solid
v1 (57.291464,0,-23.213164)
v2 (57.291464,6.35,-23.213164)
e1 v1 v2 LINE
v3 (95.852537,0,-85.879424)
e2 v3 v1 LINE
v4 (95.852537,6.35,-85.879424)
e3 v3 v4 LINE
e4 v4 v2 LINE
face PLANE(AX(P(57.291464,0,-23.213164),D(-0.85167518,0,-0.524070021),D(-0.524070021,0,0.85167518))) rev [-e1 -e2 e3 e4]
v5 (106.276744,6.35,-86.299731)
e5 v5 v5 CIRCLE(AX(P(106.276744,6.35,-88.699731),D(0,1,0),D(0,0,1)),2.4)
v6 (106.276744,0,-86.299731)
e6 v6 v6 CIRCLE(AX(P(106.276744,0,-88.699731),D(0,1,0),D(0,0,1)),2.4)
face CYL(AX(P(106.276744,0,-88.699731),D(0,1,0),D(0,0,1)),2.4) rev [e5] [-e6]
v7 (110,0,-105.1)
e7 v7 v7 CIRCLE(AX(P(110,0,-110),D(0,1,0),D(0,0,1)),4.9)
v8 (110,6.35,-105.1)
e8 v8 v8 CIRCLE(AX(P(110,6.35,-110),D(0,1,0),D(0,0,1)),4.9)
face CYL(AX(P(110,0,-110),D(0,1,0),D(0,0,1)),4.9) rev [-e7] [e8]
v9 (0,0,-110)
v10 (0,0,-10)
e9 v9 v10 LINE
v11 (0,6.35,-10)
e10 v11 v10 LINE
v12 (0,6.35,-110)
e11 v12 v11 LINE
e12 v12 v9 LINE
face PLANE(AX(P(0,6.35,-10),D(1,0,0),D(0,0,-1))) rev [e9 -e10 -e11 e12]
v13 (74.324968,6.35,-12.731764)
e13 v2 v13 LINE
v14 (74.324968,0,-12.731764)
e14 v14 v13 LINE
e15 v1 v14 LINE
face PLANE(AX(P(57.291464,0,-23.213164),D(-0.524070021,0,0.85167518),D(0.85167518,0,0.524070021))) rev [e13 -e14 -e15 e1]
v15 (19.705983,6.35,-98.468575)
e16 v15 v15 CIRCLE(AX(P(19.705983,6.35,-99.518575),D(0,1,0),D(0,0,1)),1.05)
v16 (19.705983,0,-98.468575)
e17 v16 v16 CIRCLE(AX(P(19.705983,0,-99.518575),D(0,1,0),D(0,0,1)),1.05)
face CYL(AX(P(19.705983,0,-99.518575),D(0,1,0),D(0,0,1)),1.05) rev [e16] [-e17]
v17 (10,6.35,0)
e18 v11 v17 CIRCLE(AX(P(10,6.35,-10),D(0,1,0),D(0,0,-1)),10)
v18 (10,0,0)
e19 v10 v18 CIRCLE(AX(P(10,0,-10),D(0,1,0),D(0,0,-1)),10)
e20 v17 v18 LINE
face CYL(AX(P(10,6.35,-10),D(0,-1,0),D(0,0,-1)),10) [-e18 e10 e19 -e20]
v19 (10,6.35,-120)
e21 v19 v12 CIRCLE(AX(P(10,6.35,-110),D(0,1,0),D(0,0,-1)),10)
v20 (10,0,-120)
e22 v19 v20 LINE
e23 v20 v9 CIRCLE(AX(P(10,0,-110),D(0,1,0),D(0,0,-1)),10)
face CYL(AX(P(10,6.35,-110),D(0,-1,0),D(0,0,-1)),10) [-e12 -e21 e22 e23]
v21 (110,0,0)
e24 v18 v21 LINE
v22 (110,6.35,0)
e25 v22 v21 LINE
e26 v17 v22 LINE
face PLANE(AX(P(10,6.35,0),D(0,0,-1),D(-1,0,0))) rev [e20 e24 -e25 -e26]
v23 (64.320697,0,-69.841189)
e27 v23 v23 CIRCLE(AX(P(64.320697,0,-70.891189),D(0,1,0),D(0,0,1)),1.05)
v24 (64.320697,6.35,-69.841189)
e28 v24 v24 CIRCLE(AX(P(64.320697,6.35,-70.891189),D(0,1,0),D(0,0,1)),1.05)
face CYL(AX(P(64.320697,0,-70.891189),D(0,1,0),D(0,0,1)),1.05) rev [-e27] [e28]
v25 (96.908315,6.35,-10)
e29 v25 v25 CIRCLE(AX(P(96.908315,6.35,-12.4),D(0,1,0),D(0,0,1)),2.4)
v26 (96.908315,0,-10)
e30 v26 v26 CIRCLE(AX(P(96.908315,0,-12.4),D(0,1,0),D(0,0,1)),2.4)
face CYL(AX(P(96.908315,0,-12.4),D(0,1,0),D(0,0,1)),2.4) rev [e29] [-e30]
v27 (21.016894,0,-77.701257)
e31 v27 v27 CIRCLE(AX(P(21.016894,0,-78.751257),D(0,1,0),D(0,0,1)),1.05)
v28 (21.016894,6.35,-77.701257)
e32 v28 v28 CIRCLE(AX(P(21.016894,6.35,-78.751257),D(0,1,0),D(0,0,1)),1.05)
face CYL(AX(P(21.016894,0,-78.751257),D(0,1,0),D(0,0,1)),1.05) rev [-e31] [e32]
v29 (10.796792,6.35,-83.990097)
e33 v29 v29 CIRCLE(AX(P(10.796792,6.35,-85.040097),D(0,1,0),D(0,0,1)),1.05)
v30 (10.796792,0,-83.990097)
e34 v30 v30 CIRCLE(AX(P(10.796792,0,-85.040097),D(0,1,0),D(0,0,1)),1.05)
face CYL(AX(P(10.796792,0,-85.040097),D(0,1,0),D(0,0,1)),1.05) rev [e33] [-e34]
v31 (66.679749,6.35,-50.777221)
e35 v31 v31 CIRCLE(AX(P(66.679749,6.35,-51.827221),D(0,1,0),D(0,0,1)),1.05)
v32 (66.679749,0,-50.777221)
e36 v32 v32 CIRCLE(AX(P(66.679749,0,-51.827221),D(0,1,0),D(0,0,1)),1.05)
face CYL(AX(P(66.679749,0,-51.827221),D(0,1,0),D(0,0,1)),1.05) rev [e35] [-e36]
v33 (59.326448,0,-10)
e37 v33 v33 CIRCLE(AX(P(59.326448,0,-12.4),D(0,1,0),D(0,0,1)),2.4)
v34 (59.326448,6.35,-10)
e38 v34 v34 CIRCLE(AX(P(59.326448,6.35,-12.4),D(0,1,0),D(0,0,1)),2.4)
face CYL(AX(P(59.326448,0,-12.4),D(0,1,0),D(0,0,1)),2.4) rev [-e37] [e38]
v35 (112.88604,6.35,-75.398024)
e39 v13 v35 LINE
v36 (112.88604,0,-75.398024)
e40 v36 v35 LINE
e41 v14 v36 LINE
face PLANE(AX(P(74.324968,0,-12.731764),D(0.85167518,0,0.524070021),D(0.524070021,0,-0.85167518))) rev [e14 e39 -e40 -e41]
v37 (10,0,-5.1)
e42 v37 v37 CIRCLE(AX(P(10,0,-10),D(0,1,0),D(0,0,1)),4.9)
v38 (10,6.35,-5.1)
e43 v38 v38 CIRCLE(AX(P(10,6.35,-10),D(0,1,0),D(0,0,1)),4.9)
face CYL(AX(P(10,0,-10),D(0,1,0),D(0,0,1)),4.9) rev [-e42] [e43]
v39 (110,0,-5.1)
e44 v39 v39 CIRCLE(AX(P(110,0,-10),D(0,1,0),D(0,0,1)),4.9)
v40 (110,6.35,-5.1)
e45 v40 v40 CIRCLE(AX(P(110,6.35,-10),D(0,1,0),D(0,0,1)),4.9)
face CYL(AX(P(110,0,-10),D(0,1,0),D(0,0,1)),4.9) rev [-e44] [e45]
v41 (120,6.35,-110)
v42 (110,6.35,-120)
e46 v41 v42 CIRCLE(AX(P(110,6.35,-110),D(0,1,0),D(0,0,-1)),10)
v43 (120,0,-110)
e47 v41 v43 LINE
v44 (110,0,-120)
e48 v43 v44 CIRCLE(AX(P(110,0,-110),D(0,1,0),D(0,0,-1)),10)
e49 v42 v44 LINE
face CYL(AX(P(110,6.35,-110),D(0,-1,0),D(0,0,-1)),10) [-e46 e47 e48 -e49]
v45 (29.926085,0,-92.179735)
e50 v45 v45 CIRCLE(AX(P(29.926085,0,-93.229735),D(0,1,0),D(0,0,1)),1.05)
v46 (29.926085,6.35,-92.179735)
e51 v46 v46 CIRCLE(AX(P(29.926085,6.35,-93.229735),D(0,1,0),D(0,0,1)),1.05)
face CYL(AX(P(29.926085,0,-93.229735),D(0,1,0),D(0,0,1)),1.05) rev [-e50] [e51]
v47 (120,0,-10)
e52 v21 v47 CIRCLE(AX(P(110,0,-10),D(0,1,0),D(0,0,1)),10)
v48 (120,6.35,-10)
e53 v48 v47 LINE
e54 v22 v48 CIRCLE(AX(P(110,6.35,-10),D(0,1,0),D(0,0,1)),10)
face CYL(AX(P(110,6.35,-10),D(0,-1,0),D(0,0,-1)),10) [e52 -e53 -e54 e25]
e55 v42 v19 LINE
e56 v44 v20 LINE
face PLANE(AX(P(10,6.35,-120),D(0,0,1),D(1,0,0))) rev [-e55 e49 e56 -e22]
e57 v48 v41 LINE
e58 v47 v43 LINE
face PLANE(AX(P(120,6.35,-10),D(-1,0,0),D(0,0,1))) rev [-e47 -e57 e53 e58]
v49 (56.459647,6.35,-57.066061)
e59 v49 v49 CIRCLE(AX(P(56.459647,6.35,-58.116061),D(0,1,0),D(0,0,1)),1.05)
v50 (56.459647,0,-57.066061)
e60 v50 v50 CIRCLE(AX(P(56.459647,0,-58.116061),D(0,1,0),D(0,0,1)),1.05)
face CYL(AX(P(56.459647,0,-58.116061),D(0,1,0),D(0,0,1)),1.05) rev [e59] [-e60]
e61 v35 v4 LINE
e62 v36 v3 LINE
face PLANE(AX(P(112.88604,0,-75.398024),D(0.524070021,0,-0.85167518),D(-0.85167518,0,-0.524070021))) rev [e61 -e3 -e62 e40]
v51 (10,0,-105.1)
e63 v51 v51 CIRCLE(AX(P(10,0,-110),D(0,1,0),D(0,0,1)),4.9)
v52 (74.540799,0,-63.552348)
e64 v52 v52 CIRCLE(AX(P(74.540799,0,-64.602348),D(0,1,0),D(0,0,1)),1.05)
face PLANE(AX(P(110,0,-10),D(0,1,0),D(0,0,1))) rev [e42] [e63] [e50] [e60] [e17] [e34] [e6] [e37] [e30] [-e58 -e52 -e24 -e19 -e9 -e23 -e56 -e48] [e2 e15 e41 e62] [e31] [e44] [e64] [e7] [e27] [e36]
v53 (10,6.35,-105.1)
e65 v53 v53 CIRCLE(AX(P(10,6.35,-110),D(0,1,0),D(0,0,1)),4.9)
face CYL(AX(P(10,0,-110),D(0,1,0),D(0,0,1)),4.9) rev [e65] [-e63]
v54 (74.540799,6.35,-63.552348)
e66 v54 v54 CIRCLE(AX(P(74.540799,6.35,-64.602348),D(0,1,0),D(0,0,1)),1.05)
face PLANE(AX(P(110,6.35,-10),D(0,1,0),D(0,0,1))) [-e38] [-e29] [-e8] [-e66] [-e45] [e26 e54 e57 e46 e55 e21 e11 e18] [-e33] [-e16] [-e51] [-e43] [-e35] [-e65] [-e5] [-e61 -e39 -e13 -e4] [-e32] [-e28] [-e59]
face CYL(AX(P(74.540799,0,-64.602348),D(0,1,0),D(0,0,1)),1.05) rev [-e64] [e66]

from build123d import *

# Parameters (mm, degrees)
BOSS_EXTRUDE1_DEPTH = 6.35
SKETCH2_R           = 2.4
SKETCH2_R_2         = 4.9
CUT_EXTRUDE1_DEPTH  = 170.824387236
SKETCH5_R           = 1.05
CUT_EXTRUDE2_DEPTH  = 170.824387236


with BuildPart() as part:
    # Sketch1 → Boss-Extrude1 (new body)
    with BuildSketch(Plane(origin=(0, 0, 0), x_dir=(1, 0, 0), z_dir=(0, 1, 0))):
        with BuildLine():
            Line((10, 0), (110, 0))
            ThreePointArc((110, 0), (117.071067812, 2.928932188), (120, 10))
            Line((120, 10), (120, 110))
            ThreePointArc((120, 110), (117.071067812, 117.071067812), (110, 120))
            Line((110, 120), (10, 120))
            ThreePointArc((10, 120), (2.928932188, 117.071067812), (0, 110))
            Line((0, 110), (0, 10))
            ThreePointArc((0, 10), (2.928932188, 2.928932188), (10, 0))
        make_face()
    extrude(amount=BOSS_EXTRUDE1_DEPTH)

    # Sketch2 → Cut-Extrude1 (cut, through all)
    with BuildSketch(Plane(origin=(0, 6.35, 0), x_dir=(1, 0, 0), z_dir=(0, 1, 0))):
        with Locations(Location((59.326447526, 12.4, 0), (0, 0, 270))):
            Circle(SKETCH2_R)
        with Locations(Location((96.90831454, 12.4, 0), (0, 0, 270))):
            Circle(SKETCH2_R)
        with Locations(Location((106.276743553, 88.69973137, 0), (0, 0, 270))):
            Circle(SKETCH2_R)
        with Locations(Location((10, 110, 0), (0, 0, 270))):
            Circle(SKETCH2_R_2)
        with Locations(Location((10, 10, 0), (0, 0, 270))):
            Circle(SKETCH2_R_2)
        with Locations(Location((110, 110, 0), (0, 0, 270))):
            Circle(SKETCH2_R_2)
        with Locations(Location((110, 10, 0), (0, 0, 270))):
            Circle(SKETCH2_R_2)
        Polygon((57.291464341, 23.213164461), (74.324967949, 12.731764037), (112.886040109, 75.398023809), (95.852536501, 85.879424234), align=None)
    extrude(amount=-CUT_EXTRUDE1_DEPTH, mode=Mode.SUBTRACT)

    # Sketch5 → Cut-Extrude2 (cut, through all)
    with BuildSketch(Plane(origin=(0, 6.35, 0), x_dir=(1, 0, 0), z_dir=(0, 1, 0))):
        with Locations(Location((66.679748999, 51.827220643, 0), (0, 0, 270))):
            Circle(SKETCH5_R)
        with Locations(Location((56.459646835, 58.116060898, 0), (0, 0, 270))):
            Circle(SKETCH5_R)
        with Locations(Location((74.540799318, 64.602348349, 0), (0, 0, 270))):
            Circle(SKETCH5_R)
        with Locations(Location((64.320697153, 70.891188603, 0), (0, 0, 270))):
            Circle(SKETCH5_R)
        with Locations(Location((10.796792254, 85.040096841, 0), (0, 0, 270))):
            Circle(SKETCH5_R)
        with Locations(Location((21.016894418, 78.751256587, 0), (0, 0, 270))):
            Circle(SKETCH5_R)
        with Locations(Location((29.926084779, 93.229734653, 0), (0, 0, 270))):
            Circle(SKETCH5_R)
        with Locations(Location((19.705982614, 99.518574908, 0), (0, 0, 270))):
            Circle(SKETCH5_R)
    extrude(amount=-CUT_EXTRUDE2_DEPTH, mode=Mode.SUBTRACT)


solid = part.part
